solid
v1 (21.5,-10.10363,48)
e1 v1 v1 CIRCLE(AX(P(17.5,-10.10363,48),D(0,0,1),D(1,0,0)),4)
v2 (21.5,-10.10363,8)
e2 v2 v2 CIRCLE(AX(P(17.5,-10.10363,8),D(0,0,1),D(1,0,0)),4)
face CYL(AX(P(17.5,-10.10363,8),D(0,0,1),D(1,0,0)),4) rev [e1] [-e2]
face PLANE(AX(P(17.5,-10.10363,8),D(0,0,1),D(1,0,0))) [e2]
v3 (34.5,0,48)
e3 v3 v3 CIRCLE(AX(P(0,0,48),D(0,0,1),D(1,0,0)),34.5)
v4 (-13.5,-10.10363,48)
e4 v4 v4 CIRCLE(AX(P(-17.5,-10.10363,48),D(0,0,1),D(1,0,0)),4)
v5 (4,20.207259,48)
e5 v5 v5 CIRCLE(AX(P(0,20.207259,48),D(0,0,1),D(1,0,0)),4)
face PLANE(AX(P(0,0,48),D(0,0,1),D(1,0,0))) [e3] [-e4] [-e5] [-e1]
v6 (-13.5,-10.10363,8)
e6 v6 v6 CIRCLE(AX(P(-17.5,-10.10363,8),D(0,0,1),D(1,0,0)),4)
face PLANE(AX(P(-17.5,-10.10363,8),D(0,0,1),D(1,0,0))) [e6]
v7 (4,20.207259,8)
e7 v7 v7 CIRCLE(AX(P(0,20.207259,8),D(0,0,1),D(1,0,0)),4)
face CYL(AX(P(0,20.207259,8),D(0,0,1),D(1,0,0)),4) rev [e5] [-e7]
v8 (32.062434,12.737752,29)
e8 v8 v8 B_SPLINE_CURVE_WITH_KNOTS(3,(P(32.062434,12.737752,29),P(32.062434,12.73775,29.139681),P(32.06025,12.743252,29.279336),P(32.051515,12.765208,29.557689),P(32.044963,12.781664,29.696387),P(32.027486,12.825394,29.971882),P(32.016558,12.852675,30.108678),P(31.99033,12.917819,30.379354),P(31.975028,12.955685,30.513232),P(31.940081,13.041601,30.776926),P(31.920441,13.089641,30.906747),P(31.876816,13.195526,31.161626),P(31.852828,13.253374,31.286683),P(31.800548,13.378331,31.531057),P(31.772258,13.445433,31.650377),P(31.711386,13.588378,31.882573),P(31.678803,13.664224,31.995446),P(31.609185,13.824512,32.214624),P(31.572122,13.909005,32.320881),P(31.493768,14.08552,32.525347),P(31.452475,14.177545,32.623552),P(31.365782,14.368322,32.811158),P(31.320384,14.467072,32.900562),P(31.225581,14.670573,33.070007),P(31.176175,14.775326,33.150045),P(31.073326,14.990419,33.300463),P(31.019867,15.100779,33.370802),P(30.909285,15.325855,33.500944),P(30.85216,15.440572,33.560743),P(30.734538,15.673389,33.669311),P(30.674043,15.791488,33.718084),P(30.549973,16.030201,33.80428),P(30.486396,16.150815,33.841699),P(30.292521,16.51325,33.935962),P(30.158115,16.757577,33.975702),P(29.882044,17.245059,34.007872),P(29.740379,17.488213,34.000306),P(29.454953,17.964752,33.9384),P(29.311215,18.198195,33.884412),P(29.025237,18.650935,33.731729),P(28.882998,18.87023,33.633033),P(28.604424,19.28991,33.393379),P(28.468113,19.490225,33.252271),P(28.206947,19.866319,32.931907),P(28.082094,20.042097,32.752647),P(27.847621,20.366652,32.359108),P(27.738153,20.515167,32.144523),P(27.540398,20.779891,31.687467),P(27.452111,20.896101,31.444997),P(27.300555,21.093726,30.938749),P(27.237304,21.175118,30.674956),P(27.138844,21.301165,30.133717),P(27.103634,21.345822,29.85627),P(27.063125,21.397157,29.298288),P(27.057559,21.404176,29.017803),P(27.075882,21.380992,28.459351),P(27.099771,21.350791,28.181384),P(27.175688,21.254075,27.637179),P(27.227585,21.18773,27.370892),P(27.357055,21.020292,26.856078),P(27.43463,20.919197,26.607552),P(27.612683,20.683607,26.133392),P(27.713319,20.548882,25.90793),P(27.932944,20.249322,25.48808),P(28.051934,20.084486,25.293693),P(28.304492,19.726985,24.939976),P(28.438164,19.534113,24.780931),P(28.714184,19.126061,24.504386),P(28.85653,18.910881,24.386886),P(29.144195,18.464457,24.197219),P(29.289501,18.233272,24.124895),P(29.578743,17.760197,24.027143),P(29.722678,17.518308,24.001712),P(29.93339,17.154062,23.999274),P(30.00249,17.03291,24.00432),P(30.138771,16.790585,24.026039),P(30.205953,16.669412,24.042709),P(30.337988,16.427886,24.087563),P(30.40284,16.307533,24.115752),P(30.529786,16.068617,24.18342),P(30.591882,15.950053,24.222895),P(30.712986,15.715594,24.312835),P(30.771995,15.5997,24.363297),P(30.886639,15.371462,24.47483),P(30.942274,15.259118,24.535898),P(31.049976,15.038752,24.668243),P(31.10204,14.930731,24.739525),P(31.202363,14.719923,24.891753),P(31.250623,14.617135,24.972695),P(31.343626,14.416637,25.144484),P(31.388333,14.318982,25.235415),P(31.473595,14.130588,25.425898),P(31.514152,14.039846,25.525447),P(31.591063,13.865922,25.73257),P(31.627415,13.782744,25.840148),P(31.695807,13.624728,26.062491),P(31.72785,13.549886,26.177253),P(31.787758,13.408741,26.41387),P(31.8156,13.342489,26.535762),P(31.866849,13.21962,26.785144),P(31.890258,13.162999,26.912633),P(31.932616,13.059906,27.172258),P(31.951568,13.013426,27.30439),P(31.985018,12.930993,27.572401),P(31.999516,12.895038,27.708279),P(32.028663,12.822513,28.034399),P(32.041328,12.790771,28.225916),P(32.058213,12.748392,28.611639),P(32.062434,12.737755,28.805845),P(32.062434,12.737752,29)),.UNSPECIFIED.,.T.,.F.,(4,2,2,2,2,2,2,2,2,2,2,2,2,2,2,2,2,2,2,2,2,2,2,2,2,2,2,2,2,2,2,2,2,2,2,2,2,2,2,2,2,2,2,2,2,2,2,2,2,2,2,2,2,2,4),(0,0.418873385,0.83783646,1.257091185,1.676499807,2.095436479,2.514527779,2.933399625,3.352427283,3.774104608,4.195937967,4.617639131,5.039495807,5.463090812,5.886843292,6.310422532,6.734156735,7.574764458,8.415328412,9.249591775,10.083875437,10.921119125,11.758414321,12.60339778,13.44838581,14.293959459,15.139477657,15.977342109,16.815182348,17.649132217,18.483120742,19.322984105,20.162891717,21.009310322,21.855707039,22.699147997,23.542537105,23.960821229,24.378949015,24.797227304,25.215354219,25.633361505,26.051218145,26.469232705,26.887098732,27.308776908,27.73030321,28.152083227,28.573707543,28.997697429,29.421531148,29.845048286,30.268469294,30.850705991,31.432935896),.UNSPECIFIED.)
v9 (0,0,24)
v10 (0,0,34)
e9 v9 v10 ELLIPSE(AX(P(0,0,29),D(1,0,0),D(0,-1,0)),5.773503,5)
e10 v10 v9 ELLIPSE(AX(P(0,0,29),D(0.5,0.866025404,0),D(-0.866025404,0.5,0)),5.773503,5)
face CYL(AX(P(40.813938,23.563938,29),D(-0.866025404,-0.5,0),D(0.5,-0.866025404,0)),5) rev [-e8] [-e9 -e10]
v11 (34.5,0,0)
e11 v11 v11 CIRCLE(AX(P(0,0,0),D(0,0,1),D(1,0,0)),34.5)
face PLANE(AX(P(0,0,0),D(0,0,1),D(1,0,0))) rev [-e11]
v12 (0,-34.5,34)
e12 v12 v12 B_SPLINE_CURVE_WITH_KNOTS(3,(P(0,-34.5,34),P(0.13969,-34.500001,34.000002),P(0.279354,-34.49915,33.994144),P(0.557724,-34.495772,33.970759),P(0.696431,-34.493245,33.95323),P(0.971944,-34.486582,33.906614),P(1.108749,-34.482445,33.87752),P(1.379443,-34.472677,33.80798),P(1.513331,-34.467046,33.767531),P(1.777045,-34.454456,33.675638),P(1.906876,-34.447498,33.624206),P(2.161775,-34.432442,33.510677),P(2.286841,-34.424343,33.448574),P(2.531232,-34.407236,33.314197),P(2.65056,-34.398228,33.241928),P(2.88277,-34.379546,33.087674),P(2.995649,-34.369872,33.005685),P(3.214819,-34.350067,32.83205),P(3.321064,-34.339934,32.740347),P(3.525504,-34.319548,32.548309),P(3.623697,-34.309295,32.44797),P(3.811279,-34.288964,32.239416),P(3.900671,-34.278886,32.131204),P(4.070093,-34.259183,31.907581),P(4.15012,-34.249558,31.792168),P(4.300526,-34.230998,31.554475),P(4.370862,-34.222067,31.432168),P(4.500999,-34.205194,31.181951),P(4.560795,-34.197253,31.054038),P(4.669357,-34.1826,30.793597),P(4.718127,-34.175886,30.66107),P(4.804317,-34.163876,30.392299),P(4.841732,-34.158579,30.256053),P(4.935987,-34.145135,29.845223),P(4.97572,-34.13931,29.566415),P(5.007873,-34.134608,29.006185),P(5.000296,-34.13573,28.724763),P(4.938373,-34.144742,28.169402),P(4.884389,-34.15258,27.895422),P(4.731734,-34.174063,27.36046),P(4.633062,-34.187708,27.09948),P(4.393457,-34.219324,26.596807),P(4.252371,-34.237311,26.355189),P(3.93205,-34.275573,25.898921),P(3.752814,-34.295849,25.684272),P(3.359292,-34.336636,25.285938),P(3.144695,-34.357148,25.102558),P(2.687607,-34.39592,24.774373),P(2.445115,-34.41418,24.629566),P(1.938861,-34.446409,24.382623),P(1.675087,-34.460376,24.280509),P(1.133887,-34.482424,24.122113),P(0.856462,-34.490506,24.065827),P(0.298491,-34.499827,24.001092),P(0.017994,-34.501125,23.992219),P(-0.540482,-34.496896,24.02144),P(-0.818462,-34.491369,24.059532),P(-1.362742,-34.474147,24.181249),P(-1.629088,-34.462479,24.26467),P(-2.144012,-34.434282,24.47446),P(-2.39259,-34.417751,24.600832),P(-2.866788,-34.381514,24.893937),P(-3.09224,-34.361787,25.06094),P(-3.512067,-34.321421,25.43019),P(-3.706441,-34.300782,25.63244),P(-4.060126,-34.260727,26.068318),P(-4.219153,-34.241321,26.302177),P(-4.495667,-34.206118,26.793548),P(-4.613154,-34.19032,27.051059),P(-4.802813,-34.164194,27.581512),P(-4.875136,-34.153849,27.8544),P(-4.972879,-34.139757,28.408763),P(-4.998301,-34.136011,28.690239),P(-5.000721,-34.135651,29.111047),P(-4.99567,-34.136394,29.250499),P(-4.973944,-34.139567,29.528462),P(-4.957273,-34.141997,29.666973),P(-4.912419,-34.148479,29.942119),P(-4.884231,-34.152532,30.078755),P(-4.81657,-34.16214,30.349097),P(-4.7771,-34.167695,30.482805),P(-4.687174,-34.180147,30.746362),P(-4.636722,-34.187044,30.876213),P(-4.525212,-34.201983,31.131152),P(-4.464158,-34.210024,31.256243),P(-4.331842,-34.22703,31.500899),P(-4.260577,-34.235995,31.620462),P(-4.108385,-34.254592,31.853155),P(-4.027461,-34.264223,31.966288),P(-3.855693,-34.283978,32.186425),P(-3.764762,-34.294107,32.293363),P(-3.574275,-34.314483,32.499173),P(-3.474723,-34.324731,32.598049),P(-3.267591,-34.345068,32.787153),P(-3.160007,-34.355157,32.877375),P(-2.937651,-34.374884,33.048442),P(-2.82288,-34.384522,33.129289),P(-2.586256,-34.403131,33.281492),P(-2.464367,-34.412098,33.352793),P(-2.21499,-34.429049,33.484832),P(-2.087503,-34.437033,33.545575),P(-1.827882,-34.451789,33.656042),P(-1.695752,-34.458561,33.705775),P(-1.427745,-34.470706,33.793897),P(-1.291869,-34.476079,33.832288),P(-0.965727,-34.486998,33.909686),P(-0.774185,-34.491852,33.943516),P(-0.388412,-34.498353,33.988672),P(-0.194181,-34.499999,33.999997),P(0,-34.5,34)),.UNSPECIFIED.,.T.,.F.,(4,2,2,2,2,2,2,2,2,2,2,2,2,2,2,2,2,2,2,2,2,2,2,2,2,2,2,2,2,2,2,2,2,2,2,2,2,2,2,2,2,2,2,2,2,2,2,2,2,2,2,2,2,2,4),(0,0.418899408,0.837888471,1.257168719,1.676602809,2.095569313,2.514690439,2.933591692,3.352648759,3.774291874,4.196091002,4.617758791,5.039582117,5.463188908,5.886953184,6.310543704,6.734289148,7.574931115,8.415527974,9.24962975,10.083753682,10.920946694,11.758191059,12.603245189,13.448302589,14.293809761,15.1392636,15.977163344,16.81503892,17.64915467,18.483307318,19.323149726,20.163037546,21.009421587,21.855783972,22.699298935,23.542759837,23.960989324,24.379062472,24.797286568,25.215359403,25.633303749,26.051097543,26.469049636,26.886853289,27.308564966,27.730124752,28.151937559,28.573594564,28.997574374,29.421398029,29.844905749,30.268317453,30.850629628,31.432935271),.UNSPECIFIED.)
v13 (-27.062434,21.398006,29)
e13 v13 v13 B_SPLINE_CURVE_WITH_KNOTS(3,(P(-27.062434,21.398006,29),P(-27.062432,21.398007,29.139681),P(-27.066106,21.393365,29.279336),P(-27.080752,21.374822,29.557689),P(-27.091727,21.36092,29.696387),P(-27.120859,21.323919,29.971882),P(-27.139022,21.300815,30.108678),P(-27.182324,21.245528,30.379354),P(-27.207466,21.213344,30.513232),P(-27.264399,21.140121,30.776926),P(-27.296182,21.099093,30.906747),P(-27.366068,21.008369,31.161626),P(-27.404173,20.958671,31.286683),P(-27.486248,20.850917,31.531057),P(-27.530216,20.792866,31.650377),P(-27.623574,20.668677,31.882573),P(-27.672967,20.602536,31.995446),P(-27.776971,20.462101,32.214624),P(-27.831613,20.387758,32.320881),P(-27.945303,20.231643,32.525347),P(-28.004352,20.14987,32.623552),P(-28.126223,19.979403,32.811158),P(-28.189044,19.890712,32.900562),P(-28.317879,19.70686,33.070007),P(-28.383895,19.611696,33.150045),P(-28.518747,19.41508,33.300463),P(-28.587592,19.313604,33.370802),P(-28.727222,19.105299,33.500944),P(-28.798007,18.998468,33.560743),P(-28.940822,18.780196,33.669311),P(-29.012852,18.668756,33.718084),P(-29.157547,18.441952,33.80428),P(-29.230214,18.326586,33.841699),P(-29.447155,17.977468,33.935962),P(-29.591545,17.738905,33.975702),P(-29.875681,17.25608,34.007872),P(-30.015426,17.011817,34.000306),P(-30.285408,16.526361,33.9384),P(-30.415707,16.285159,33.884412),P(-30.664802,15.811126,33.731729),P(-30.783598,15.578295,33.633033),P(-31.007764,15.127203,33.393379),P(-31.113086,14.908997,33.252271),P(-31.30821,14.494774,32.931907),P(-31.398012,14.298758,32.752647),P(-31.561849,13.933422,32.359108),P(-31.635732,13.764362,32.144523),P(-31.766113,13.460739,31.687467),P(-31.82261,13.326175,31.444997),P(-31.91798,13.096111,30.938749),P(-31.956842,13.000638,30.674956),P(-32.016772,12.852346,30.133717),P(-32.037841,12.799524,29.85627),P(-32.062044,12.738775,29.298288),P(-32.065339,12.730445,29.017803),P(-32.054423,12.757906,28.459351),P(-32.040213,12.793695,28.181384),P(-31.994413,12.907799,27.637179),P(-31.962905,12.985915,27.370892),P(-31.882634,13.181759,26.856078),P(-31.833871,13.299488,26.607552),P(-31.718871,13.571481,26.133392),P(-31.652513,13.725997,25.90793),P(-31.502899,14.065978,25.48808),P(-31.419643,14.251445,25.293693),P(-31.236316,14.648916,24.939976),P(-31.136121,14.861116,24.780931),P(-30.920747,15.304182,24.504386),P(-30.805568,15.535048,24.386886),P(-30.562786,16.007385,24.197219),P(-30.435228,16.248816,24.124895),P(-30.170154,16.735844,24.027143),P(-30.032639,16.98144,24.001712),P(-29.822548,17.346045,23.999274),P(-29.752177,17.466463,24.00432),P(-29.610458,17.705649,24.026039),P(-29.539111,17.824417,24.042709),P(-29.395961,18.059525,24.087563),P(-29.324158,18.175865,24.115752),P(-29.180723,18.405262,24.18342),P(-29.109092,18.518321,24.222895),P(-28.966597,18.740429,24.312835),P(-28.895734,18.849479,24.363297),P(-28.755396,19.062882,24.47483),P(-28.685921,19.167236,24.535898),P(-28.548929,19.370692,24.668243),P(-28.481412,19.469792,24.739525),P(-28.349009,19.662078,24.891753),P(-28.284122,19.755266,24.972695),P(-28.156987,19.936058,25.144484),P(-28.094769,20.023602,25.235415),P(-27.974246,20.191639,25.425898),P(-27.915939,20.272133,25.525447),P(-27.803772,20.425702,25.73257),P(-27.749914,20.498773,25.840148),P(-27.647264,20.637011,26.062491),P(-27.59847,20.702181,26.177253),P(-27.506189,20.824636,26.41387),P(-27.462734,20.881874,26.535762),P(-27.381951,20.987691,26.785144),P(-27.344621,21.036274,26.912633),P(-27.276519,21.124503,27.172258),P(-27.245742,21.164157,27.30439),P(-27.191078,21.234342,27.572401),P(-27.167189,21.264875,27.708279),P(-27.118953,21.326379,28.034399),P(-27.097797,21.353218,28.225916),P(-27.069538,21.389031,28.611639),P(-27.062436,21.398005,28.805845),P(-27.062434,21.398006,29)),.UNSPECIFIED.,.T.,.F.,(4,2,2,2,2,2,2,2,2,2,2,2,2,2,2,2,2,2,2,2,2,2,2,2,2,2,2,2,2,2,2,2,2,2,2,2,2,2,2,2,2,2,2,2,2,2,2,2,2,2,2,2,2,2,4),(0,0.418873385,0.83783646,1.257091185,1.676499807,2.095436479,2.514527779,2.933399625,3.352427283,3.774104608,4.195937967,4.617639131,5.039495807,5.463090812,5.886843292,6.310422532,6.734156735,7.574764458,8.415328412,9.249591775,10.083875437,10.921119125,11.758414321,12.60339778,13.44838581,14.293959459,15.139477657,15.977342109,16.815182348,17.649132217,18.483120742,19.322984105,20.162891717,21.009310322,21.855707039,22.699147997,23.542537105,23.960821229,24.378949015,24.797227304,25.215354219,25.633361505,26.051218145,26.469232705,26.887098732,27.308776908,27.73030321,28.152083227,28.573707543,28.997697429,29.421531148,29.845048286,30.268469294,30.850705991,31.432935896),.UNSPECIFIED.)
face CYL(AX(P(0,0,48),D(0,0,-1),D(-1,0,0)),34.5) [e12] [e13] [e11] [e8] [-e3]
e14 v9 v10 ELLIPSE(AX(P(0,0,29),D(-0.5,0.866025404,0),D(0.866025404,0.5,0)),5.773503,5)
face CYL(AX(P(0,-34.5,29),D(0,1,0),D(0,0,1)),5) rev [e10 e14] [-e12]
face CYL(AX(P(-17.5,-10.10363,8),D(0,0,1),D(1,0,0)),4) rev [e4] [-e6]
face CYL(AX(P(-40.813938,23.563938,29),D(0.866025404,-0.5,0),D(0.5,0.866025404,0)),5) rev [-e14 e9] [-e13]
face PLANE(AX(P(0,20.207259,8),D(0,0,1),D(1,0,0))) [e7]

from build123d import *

# Parameters (mm, degrees)
SKICA1_R                 = 34.5
P_IDAT_VYSUNUT_M1_DEPTH  = 48
SKICA2_R                 = 4
ODEBRAT_VYSUNUT_M1_DEPTH = 40
SKICA3_R                 = 5
ODEBRAT_VYSUNUT_M2_DEPTH = 69.443407279
KRUHOV_POLE1_COUNT       = 3


with BuildPart() as part:
    # Skica1 → Přidat vysunutím1 (new body)
    with BuildSketch(Plane.XY):
        Circle(SKICA1_R)
    extrude(amount=P_IDAT_VYSUNUT_M1_DEPTH)

    # Skica2 → Odebrat vysunutím1 (cut)
    with BuildSketch(Plane.XY.offset(48)):
        with Locations((0, 20.207259422)):
            Circle(SKICA2_R)
        with Locations((17.5, -10.103629711)):
            Circle(SKICA2_R)
        with Locations((-17.5, -10.103629711)):
            Circle(SKICA2_R)
    extrude(amount=-ODEBRAT_VYSUNUT_M1_DEPTH, mode=Mode.SUBTRACT)

    # Skica3 → Odebrat vysunutím2 (cut, through all)
    with BuildSketch(Plane(origin=(0, 0, 0), x_dir=(1, 0, 0), z_dir=(0, 1, 0))):
        with Locations(Location((0, -29, 0), (0, 0, 270))):
            Circle(SKICA3_R)
    odebrat_vysunut_m2 = extrude(amount=-ODEBRAT_VYSUNUT_M2_DEPTH, mode=Mode.SUBTRACT)

    # Kruhové pole1: Odebrat vysunutím2 ×3 about axis
    kruhov_pole1_axis = Axis((0, 0, 48), (0, 0, -1))
    for i in range(1, KRUHOV_POLE1_COUNT):
        add(odebrat_vysunut_m2.rotate(kruhov_pole1_axis, i * 360 / KRUHOV_POLE1_COUNT), mode=Mode.SUBTRACT)


solid = part.part
